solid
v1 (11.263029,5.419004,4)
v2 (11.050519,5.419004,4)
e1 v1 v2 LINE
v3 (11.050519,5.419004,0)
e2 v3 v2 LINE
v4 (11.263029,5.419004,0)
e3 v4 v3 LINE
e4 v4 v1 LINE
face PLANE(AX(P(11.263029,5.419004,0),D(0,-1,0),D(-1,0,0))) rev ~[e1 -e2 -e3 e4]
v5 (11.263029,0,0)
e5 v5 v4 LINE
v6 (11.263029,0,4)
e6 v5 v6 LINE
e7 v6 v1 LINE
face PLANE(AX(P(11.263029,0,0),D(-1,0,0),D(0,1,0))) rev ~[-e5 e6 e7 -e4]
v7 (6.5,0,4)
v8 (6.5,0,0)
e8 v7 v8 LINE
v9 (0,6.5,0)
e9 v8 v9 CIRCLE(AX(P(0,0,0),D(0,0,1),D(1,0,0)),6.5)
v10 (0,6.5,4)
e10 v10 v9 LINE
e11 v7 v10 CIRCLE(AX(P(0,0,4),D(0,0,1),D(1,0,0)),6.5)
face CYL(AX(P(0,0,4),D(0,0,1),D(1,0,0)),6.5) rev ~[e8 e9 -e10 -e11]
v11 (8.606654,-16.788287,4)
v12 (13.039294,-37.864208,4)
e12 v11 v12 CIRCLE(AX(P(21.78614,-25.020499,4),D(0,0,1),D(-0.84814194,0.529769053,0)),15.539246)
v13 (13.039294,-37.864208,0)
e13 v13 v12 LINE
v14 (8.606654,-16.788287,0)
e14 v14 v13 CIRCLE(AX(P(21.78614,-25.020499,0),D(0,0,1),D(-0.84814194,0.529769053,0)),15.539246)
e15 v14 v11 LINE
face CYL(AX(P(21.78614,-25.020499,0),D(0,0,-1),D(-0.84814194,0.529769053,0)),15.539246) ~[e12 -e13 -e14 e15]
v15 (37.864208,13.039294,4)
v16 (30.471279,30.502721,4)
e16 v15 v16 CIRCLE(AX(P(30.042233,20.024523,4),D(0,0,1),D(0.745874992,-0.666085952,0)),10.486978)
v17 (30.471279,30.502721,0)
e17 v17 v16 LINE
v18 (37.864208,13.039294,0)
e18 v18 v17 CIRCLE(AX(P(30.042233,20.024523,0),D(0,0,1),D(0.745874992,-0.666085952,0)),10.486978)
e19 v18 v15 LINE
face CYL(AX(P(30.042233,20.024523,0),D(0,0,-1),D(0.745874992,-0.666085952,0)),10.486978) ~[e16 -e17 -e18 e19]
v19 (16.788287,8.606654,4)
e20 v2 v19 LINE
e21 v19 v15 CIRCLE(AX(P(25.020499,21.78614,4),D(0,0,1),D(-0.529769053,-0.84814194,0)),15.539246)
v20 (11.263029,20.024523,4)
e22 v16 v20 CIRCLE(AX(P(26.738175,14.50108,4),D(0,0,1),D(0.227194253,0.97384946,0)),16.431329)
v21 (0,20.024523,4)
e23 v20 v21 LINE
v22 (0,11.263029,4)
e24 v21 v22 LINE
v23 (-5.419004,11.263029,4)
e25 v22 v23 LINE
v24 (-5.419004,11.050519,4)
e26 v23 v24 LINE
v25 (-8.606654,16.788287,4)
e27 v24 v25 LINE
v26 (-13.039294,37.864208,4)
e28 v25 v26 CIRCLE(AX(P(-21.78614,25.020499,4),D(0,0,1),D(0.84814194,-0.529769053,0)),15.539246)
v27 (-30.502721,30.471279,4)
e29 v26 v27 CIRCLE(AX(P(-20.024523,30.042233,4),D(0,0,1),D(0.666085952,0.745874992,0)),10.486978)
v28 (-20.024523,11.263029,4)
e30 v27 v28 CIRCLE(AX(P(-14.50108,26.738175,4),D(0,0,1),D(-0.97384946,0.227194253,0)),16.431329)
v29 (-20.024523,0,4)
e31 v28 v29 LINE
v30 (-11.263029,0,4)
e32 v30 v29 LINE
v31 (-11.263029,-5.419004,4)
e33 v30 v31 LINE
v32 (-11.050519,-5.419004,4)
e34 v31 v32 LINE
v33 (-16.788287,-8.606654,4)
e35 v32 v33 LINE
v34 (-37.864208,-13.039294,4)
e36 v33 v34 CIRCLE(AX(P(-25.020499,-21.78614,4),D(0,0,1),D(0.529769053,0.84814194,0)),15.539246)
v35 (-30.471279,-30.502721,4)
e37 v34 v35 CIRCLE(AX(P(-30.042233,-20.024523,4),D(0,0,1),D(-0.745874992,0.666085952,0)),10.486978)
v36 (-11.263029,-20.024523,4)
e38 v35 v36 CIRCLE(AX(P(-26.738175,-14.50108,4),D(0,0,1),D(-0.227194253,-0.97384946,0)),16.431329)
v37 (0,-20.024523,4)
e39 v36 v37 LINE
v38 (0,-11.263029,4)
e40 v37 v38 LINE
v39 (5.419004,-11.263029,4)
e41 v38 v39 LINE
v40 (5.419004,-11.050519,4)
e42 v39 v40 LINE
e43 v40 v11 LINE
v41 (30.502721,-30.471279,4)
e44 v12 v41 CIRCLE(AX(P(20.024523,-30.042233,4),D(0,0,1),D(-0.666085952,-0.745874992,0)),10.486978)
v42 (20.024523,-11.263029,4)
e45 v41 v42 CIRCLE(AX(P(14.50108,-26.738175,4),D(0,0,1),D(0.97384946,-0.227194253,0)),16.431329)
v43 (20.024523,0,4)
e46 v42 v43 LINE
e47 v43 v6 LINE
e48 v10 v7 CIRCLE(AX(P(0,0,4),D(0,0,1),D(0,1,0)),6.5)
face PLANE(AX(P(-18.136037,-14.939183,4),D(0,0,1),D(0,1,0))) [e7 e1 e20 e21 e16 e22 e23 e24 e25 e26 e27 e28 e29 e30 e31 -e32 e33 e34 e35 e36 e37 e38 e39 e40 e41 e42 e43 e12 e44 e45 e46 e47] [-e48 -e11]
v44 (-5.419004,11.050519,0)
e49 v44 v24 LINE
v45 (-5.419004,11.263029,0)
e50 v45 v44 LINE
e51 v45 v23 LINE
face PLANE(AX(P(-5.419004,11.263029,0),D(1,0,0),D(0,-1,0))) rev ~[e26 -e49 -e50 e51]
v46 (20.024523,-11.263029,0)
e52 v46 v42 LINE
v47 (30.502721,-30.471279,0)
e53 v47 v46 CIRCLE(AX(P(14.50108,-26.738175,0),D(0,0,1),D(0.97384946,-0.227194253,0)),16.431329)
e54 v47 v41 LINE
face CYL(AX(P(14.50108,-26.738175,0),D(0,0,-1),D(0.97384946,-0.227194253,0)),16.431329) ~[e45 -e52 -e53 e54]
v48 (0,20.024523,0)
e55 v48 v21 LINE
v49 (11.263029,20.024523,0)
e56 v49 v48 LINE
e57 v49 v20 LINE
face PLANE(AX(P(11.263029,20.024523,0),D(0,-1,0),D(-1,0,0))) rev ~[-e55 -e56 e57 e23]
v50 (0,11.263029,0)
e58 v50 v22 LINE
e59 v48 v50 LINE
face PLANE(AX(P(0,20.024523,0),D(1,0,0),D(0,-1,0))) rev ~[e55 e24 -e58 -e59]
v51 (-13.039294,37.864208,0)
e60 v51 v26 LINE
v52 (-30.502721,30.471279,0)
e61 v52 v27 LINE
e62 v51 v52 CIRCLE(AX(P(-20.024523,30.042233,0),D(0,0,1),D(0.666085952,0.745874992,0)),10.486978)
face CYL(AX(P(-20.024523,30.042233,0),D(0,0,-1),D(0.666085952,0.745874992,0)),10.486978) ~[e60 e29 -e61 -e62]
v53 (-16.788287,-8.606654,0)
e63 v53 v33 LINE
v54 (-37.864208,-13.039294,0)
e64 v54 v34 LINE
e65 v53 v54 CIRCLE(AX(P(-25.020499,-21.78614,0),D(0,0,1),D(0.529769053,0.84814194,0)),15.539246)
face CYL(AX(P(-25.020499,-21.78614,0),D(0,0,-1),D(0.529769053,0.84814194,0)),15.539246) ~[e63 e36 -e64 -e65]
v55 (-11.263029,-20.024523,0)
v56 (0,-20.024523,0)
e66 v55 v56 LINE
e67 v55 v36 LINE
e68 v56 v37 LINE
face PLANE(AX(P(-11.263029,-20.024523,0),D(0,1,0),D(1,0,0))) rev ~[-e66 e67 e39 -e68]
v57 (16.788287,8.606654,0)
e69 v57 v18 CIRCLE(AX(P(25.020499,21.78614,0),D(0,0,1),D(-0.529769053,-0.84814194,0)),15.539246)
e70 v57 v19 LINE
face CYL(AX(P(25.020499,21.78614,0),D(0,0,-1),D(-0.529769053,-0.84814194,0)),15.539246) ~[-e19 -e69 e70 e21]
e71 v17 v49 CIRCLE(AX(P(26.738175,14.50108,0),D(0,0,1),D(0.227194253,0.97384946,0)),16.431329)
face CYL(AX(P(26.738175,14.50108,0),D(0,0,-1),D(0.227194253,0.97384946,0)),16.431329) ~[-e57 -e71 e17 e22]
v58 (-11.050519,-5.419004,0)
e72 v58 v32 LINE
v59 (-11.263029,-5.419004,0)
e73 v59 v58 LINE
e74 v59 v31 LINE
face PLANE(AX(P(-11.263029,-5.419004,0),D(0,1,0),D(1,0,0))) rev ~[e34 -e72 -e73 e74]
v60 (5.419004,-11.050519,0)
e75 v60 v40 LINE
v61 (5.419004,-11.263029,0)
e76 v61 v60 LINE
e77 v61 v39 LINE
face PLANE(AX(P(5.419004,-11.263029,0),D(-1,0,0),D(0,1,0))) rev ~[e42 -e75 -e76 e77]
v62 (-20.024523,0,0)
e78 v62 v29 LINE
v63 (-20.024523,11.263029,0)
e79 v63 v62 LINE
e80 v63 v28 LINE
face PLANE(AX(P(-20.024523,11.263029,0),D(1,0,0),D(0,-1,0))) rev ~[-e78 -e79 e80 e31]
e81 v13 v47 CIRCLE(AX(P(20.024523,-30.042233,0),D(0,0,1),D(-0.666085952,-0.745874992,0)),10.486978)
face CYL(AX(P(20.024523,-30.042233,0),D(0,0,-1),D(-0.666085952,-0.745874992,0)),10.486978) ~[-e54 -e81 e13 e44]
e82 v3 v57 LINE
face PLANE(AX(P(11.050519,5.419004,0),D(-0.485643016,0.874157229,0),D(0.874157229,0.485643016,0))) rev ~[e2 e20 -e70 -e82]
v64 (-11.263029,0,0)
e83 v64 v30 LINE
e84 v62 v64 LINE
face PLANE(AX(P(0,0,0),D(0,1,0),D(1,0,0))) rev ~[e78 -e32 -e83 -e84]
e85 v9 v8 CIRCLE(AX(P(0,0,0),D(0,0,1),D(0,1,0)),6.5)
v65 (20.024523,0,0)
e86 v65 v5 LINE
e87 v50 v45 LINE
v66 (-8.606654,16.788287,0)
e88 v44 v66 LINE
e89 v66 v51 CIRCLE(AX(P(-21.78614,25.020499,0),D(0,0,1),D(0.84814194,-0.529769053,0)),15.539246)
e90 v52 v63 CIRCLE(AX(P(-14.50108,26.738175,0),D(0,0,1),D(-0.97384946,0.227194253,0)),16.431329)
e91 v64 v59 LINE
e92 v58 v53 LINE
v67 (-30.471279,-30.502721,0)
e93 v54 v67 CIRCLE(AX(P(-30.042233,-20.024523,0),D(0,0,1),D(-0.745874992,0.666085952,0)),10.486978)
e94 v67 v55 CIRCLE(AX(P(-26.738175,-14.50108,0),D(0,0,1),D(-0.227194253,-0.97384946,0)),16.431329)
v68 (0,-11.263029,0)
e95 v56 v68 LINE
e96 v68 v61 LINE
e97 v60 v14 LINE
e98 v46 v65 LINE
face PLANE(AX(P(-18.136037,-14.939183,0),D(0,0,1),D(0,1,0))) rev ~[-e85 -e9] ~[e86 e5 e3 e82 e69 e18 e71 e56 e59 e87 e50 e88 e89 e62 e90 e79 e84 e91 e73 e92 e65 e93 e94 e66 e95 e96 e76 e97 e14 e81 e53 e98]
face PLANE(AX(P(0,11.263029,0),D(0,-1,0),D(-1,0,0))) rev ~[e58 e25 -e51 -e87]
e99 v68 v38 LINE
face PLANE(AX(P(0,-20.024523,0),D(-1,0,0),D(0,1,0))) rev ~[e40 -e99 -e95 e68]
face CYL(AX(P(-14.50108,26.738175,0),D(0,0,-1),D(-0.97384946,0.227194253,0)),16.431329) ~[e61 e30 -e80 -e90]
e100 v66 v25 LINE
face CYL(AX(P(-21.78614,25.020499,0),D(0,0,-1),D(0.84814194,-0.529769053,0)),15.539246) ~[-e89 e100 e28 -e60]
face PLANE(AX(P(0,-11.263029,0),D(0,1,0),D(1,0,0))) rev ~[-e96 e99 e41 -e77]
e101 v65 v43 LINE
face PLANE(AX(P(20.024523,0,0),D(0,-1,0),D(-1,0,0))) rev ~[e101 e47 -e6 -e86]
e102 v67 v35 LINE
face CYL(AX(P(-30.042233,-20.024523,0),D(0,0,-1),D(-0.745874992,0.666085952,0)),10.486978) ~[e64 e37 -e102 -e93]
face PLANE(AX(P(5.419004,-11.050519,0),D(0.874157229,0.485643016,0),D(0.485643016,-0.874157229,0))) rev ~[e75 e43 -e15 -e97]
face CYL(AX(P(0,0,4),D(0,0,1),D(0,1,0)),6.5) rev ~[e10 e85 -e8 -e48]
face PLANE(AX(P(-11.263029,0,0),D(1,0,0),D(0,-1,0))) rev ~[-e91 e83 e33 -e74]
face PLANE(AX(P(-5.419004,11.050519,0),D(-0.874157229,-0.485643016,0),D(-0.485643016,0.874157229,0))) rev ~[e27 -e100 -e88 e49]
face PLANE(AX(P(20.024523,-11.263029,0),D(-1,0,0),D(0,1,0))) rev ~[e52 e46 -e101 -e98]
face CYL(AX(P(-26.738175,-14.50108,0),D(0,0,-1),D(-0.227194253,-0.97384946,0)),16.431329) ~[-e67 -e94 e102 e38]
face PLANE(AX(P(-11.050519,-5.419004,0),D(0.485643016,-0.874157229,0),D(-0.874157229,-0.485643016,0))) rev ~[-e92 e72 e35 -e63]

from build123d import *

# Parameters (mm, degrees)
F1_DEPTH = 4
F2_COUNT = 4
F4_DEPTH = 5


with BuildPart() as f1:
    # F0 (on Top) → F1 (new body)
    with BuildSketch(Plane.XY):
        with BuildLine():
            Line((-11.3897752017, 0), (0, 0))
            Line((0, 0), (0, 11.2630287185))
            Line((0, 11.2630287185), (-5.4190037772, 11.2630287185))
            Line((-5.4190037772, 11.2630287185), (-5.4190037772, 11.0505186021))
            Line((-5.4190037772, 11.0505186021), (-8.6066536605, 16.7882870883))
            ThreePointArc((-8.6066536605, 16.7882870883), (-6.5795750519, 28.2187096113), (-13.0392942344, 37.8642077748))
            ThreePointArc((-13.0392942344, 37.8642077748), (-24.1128062403, 39.6994920993), (-30.5027211192, 30.4712785919))
            ThreePointArc((-30.5027211192, 30.4712785919), (-28.9257647374, 18.8694362404), (-20.024523139, 11.2630287185))
            Line((-20.024523139, 11.2630287185), (-20.024523139, 0))
            Line((-20.024523139, 0), (-11.3897752017, 0))
        make_face()
    extrude(amount=F1_DEPTH)

    # F2: F1 ×4 about axis
    f2_axis = Axis((0, 0, 2), (0, 0, -1))


with BuildPart() as f1_1:
    add(f1.part)
    for i in range(1, F2_COUNT):
        add(f1.part.rotate(f2_axis, i * 360 / F2_COUNT))

    # F3 (on face) → F4 (cut)
    with BuildSketch(Plane.XY.offset(4)):
        with BuildLine():
            ThreePointArc((0, 6.5), (-4.5961940777, -4.5961940777), (6.5, 0))
            ThreePointArc((6.5, 0), (4.5961940777, 4.5961940777), (0, 6.5))
        make_face()
    extrude(amount=-F4_DEPTH, mode=Mode.SUBTRACT)


solid = f1_1.part
